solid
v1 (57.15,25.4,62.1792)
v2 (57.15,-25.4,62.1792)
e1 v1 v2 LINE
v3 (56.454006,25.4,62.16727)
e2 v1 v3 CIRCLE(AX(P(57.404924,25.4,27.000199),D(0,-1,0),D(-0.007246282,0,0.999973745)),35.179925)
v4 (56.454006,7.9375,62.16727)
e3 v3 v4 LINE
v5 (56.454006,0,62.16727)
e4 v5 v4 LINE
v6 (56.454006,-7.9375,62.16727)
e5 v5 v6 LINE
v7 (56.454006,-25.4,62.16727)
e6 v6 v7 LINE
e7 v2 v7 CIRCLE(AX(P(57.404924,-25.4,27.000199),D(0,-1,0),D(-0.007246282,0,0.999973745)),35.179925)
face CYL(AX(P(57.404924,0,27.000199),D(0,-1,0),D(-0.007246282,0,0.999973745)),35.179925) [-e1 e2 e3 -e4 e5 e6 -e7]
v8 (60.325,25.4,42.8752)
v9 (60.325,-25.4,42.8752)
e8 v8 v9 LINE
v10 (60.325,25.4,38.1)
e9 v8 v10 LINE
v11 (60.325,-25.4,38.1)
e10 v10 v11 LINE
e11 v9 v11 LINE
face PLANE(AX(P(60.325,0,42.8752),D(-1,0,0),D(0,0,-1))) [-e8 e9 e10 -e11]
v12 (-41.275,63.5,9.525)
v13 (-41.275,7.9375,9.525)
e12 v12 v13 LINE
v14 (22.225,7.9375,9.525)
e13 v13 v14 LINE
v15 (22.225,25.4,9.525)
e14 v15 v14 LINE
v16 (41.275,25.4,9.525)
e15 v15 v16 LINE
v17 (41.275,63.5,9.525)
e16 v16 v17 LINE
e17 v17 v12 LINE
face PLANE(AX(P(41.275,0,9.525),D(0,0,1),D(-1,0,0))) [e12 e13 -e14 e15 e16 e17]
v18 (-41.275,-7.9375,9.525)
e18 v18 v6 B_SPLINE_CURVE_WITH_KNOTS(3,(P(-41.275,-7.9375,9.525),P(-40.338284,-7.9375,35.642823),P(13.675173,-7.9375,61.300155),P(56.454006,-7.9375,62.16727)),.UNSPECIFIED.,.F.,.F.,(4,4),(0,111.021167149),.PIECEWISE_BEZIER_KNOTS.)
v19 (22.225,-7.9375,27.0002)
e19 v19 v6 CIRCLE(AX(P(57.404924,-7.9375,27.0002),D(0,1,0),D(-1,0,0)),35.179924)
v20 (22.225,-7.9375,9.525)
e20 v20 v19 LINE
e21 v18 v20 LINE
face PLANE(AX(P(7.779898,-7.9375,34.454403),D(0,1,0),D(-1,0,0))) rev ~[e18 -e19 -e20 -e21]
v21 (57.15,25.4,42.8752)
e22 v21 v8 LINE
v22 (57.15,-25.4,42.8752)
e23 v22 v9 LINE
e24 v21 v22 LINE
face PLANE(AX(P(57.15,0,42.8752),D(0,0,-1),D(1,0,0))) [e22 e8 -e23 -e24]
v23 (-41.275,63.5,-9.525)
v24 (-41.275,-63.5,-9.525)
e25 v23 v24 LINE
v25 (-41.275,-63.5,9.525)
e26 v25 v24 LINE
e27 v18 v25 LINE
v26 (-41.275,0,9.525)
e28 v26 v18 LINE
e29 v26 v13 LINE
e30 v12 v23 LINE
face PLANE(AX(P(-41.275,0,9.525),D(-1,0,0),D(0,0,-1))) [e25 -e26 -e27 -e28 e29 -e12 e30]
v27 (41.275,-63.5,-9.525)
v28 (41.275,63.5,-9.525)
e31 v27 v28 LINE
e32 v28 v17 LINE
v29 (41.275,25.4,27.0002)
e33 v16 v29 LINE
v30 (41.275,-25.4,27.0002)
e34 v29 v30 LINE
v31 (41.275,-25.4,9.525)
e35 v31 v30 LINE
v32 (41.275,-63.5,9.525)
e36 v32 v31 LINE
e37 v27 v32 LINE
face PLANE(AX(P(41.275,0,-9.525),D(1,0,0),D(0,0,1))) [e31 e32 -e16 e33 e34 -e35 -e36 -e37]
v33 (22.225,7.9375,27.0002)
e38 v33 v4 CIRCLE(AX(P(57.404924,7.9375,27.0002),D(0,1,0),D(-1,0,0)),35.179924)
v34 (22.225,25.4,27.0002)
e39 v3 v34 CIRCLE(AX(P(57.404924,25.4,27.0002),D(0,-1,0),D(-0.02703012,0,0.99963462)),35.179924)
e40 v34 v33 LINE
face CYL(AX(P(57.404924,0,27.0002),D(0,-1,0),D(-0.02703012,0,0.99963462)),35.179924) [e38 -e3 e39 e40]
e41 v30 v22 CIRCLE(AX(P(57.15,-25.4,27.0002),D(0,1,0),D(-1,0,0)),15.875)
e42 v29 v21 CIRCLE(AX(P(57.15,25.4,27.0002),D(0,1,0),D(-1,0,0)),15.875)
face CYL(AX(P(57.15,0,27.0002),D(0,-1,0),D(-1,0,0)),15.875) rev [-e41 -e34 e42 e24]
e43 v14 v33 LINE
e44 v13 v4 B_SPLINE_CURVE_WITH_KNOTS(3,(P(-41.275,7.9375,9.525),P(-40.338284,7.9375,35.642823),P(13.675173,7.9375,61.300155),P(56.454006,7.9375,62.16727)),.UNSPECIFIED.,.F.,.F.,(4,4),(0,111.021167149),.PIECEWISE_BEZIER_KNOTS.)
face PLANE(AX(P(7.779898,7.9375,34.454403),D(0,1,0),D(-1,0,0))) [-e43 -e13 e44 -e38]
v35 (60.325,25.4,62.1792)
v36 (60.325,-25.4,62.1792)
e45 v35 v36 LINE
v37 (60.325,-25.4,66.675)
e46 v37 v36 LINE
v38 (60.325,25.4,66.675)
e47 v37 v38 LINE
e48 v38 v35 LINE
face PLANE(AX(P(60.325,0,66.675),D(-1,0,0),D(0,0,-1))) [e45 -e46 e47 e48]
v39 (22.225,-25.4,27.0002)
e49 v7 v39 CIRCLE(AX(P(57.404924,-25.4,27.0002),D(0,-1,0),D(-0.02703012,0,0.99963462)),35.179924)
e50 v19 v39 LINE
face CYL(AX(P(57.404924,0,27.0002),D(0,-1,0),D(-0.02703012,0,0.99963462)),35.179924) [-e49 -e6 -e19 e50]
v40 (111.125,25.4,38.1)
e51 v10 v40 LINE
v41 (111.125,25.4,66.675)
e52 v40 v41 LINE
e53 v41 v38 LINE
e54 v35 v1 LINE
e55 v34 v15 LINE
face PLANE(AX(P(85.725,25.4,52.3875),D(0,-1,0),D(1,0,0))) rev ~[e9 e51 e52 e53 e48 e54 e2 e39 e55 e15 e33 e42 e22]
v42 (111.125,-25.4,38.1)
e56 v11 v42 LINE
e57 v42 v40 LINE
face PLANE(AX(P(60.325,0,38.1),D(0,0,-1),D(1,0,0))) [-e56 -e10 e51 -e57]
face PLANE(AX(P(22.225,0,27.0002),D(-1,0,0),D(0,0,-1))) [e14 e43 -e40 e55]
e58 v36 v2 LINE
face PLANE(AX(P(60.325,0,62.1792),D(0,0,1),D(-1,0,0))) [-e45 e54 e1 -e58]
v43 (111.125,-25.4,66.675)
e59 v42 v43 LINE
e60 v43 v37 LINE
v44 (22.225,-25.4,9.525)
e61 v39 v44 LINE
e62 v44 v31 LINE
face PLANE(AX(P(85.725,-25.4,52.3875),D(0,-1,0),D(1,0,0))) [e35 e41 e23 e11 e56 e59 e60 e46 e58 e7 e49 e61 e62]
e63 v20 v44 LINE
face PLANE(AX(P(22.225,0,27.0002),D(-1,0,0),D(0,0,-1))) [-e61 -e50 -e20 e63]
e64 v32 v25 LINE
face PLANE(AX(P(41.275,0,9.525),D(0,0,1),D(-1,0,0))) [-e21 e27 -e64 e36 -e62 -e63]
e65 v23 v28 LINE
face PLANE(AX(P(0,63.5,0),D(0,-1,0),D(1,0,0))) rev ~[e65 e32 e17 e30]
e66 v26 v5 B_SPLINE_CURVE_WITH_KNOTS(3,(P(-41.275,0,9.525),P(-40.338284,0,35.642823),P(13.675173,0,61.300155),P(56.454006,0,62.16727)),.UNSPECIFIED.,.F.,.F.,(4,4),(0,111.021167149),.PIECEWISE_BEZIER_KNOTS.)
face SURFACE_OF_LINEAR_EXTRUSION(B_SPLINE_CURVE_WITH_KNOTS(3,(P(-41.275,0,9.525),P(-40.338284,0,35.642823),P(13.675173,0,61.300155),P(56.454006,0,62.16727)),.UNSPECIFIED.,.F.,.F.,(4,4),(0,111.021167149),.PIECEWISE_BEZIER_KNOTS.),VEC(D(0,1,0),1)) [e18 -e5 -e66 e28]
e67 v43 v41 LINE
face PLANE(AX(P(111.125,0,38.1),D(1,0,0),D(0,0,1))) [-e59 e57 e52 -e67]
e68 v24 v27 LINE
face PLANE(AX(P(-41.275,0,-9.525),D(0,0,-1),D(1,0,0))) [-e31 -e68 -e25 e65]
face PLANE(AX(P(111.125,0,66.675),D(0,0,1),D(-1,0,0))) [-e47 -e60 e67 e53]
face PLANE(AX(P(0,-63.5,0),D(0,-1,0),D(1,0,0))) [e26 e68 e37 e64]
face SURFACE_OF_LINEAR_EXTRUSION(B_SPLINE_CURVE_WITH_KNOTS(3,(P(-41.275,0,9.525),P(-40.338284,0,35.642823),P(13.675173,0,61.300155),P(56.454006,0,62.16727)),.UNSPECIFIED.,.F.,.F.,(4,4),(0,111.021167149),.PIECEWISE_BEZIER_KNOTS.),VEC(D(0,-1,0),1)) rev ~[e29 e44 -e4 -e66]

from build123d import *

# Parameters (mm, degrees)
F1_DEPTH = 63.5
F2_DEPTH = 25.4
F3_DEPTH = 7.9375


with BuildPart() as f1:
    # F0 (on Front) → F1 (new body, symmetric)
    with BuildSketch(Plane.XZ):
        Polygon((22.225, 9.525), (-41.275, 9.525), (-41.275, -9.525), (41.275, -9.525), (41.275, 9.525), align=None)
    extrude(amount=F1_DEPTH, both=True)

    # F0 (on Front) → F2 (join, symmetric)
    with BuildSketch(Plane.XZ):
        Polygon((60.325, 66.675), (60.325, 62.1792), (60.325, 42.8752), (60.325, 38.1), (111.125, 38.1), (111.125, 66.675), align=None)
        with BuildLine():
            ThreePointArc((57.15, 62.1792), (56.801973539, 62.1749562641), (56.4540060954, 62.1672695807))
            add(Edge.make_bspline(
                [(56.4540060954, 62.1672695807), (56.6863388741, 62.1719788985), (56.9183402764, 62.1759570041), (57.15, 62.1792)],
                knots=[111.0211671493, 111.0211671493, 111.0211671493, 111.0211671493, 111.6241255403, 111.6241255403, 111.6241255403, 111.6241255403], degree=3))
        make_face()
        Polygon((22.225, 9.525), (-41.275, 9.525), (-41.275, -9.525), (41.275, -9.525), (41.275, 9.525), align=None)
        with BuildLine():
            Line((22.225, 27.0002), (22.225, 9.525))
            Line((22.225, 9.525), (41.275, 9.525))
            Line((41.275, 9.525), (41.275, 27.0002))
            ThreePointArc((41.275, 27.0002), (45.9246798487, 38.2255201513), (57.15, 42.8752))
            Line((57.15, 42.8752), (60.325, 42.8752))
            Line((60.325, 42.8752), (60.325, 62.1792))
            Line((60.325, 62.1792), (57.15, 62.1792))
            add(Edge.make_bspline(
                [(56.4540060954, 62.1672695807), (56.6863388741, 62.1719788985), (56.9183402764, 62.1759570041), (57.15, 62.1792)],
                knots=[111.0211671493, 111.0211671493, 111.0211671493, 111.0211671493, 111.6241255403, 111.6241255403, 111.6241255403, 111.6241255403], degree=3))
            ThreePointArc((56.4540060954, 62.1672695807), (32.1950026375, 51.5376593284), (22.225, 27.0002))
        make_face()
    extrude(amount=F2_DEPTH, both=True)

    # F0 (on Front) → F3 (join, symmetric)
    with BuildSketch(Plane.XZ):
        with BuildLine():
            add(Edge.make_bspline(
                [(-41.275, 9.525), (-40.3382838468, 35.6428227529), (13.6751731786, 61.3001550814), (56.4540060954, 62.1672695807)],
                knots=[0, 0, 0, 0, 111.0211671493, 111.0211671493, 111.0211671493, 111.0211671493], degree=3))
            Line((-41.275, 9.525), (22.225, 9.525))
            Line((22.225, 9.525), (22.225, 27.0002))
            ThreePointArc((22.225, 27.0002), (32.1950026375, 51.5376593284), (56.4540060954, 62.1672695807))
        make_face()
    extrude(amount=F3_DEPTH, both=True)


solid = f1.part
